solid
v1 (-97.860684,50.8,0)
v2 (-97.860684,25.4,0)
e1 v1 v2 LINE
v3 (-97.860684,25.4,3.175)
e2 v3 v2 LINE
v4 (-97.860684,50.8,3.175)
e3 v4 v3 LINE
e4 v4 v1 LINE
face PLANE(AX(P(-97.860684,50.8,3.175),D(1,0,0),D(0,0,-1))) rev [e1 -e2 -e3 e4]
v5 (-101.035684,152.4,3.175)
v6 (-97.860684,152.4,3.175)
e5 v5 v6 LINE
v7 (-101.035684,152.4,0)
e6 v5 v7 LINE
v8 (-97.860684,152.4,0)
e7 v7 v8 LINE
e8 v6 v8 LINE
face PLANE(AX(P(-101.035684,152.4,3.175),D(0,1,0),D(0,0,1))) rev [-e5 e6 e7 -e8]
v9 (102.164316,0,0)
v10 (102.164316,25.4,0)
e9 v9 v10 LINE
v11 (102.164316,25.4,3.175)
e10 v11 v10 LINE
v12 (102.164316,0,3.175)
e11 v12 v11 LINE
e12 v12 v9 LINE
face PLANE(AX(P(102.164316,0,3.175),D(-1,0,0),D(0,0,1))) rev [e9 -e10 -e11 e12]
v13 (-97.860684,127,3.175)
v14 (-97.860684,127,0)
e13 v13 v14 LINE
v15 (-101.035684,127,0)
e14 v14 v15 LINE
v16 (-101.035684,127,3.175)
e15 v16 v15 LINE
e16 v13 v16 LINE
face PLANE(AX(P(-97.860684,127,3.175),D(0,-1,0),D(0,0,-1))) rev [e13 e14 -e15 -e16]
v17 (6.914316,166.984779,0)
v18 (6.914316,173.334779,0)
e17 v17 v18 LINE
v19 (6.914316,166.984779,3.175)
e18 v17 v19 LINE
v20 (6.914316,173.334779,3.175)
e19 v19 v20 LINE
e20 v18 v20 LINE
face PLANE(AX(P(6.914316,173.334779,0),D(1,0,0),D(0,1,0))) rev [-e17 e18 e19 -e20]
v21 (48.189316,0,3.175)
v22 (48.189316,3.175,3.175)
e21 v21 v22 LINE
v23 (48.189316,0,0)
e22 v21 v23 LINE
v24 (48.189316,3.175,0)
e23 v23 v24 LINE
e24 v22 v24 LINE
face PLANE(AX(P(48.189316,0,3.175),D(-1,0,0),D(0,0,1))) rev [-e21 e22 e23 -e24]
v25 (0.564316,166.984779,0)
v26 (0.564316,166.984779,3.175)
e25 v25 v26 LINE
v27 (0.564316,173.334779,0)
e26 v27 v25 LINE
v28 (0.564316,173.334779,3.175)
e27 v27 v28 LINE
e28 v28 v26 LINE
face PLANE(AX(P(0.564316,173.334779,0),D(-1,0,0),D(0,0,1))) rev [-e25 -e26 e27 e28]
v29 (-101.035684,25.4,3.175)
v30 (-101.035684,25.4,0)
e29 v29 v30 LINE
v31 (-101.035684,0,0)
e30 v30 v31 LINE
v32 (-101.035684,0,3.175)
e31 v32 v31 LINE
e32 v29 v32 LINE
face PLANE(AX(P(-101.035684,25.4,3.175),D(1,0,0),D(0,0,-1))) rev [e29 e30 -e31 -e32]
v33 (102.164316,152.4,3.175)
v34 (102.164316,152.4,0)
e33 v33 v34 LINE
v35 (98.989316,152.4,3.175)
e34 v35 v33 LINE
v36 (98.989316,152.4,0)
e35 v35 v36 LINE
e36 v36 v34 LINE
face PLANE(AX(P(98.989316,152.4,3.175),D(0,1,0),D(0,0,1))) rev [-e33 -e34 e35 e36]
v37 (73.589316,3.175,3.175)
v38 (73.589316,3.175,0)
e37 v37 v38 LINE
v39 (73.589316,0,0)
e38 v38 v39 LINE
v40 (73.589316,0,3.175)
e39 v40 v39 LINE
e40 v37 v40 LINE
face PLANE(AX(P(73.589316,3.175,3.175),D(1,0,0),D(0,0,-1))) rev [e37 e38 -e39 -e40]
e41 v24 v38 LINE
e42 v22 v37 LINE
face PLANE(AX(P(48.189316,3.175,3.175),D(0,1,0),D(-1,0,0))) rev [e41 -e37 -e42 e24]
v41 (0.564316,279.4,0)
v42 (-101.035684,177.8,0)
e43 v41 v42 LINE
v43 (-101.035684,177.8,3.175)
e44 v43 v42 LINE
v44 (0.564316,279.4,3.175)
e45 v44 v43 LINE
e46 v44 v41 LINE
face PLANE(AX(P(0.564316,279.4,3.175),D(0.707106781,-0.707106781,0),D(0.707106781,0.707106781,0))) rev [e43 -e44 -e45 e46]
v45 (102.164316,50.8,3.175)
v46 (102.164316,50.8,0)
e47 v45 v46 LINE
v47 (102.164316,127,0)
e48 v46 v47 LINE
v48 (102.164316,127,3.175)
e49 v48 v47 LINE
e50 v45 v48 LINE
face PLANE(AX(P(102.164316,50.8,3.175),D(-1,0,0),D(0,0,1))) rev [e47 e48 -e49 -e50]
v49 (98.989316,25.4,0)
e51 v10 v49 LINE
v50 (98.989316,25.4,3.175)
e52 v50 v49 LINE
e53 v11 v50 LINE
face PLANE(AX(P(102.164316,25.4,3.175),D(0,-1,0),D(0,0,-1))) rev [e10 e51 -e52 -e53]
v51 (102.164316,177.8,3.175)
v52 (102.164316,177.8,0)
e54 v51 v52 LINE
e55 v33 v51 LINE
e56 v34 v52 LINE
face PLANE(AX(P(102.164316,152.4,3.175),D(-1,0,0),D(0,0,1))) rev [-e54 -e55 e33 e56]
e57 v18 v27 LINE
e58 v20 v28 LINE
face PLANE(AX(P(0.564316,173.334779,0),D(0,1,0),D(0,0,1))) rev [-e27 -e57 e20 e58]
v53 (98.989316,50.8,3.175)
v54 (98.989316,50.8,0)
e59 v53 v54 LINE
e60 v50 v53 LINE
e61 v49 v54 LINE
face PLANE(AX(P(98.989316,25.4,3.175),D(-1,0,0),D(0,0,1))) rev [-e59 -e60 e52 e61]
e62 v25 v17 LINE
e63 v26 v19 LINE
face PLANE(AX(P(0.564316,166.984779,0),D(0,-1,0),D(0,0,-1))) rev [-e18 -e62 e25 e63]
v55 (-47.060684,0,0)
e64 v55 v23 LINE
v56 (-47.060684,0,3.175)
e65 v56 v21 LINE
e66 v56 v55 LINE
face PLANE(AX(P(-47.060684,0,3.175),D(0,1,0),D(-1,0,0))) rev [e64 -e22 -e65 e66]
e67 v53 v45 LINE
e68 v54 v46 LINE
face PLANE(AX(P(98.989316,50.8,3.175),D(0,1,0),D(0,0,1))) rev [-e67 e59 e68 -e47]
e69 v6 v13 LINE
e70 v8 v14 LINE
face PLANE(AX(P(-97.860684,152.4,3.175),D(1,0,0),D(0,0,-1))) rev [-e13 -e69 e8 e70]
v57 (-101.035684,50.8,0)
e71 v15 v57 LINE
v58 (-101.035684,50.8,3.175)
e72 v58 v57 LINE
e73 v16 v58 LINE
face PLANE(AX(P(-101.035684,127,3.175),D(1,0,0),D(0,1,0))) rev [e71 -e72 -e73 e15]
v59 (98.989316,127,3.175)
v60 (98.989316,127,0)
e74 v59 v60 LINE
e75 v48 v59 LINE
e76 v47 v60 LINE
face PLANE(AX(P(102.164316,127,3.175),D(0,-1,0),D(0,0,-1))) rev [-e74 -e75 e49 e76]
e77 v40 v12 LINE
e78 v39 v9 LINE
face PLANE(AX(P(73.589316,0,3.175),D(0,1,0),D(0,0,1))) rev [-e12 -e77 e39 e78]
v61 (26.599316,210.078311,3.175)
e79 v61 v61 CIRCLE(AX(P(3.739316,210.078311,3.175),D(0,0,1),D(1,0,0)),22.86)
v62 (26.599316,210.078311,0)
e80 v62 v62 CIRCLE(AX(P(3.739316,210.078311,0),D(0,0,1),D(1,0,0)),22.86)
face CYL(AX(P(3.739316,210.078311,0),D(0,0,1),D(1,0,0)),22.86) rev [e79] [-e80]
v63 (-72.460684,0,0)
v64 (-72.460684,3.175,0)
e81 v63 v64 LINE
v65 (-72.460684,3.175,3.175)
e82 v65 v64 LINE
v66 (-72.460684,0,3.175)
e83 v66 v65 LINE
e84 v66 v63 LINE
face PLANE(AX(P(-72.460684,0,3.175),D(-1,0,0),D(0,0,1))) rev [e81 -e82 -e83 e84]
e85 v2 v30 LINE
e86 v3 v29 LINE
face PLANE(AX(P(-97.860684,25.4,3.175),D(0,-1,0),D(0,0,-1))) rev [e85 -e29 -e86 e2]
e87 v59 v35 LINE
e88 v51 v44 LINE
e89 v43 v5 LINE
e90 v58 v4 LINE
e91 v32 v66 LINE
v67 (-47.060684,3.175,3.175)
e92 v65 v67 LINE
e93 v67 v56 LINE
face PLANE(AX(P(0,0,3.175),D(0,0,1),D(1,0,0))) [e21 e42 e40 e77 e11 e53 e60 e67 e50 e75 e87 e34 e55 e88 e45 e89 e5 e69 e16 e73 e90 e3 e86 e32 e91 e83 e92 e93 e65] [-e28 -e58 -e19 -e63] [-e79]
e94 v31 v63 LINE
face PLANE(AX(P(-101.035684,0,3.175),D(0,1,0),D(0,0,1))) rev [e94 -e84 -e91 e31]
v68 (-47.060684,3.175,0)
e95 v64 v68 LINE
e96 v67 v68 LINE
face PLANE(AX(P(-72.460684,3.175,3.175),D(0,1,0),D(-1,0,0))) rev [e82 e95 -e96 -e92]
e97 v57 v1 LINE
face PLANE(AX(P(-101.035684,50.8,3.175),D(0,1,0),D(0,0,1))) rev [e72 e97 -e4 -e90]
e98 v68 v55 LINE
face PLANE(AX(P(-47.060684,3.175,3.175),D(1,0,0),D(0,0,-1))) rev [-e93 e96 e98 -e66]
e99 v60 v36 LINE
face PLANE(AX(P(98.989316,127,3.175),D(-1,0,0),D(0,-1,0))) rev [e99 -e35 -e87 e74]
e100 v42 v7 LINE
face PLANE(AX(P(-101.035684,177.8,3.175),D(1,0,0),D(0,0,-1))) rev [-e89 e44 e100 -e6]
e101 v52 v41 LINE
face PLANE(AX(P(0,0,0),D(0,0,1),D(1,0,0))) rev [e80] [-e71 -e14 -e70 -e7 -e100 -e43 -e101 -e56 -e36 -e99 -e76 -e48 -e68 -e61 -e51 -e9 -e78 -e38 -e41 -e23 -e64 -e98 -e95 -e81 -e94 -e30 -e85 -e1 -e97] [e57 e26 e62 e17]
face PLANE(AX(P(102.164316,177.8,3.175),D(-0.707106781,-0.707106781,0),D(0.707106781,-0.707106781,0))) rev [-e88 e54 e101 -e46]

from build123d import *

# Parameters (mm, degrees)
BOSS_EXTRUDE1_DEPTH = 3.175
SKETCH3_R           = 22.86
CUT_EXTRUDE1_DEPTH  = 3.175
SKETCH5_W           = 6.35
SKETCH5_H           = 6.35
CUT_EXTRUDE2_DEPTH  = 3.175


with BuildPart() as part:
    # Sketch2 → Boss-Extrude1 (new body)
    with BuildSketch(Plane.XY):
        Polygon((0.564315933, 279.4), (-101.035684067, 177.8), (-101.035684067, 152.4), (-97.860684067, 152.4), (-97.860684067, 127), (-101.035684067, 127), (-101.035684067, 50.8), (-97.860684067, 50.8), (-97.860684067, 25.4), (-101.035684067, 25.4), (-101.035684067, 0), (-72.460684067, 0), (-72.460684067, 3.175), (-47.060684067, 3.175), (-47.060684067, 0), (48.189315933, 0), (48.189315933, 3.175), (73.589315933, 3.175), (73.589315933, 0), (102.164315933, 0), (102.164315933, 25.4), (98.989315933, 25.4), (98.989315933, 50.8), (102.164315933, 50.8), (102.164315933, 127), (98.989315933, 127), (98.989315933, 152.4), (102.164315933, 152.4), (102.164315933, 177.8), align=None)
    extrude(amount=BOSS_EXTRUDE1_DEPTH)

    # Sketch3 → Cut-Extrude1 (cut)
    with BuildSketch(Plane.XY.offset(3.175)):
        with Locations((3.739315933, 210.078311119)):
            Circle(SKETCH3_R)
    extrude(amount=-CUT_EXTRUDE1_DEPTH, mode=Mode.SUBTRACT)

    # Sketch5 → Cut-Extrude2 (cut)
    with BuildSketch(Plane.XY.offset(3.175)):
        with Locations((3.739315933, 170.159778504)):
            Rectangle(SKETCH5_W, SKETCH5_H)
    extrude(amount=-CUT_EXTRUDE2_DEPTH, mode=Mode.SUBTRACT)


solid = part.part
